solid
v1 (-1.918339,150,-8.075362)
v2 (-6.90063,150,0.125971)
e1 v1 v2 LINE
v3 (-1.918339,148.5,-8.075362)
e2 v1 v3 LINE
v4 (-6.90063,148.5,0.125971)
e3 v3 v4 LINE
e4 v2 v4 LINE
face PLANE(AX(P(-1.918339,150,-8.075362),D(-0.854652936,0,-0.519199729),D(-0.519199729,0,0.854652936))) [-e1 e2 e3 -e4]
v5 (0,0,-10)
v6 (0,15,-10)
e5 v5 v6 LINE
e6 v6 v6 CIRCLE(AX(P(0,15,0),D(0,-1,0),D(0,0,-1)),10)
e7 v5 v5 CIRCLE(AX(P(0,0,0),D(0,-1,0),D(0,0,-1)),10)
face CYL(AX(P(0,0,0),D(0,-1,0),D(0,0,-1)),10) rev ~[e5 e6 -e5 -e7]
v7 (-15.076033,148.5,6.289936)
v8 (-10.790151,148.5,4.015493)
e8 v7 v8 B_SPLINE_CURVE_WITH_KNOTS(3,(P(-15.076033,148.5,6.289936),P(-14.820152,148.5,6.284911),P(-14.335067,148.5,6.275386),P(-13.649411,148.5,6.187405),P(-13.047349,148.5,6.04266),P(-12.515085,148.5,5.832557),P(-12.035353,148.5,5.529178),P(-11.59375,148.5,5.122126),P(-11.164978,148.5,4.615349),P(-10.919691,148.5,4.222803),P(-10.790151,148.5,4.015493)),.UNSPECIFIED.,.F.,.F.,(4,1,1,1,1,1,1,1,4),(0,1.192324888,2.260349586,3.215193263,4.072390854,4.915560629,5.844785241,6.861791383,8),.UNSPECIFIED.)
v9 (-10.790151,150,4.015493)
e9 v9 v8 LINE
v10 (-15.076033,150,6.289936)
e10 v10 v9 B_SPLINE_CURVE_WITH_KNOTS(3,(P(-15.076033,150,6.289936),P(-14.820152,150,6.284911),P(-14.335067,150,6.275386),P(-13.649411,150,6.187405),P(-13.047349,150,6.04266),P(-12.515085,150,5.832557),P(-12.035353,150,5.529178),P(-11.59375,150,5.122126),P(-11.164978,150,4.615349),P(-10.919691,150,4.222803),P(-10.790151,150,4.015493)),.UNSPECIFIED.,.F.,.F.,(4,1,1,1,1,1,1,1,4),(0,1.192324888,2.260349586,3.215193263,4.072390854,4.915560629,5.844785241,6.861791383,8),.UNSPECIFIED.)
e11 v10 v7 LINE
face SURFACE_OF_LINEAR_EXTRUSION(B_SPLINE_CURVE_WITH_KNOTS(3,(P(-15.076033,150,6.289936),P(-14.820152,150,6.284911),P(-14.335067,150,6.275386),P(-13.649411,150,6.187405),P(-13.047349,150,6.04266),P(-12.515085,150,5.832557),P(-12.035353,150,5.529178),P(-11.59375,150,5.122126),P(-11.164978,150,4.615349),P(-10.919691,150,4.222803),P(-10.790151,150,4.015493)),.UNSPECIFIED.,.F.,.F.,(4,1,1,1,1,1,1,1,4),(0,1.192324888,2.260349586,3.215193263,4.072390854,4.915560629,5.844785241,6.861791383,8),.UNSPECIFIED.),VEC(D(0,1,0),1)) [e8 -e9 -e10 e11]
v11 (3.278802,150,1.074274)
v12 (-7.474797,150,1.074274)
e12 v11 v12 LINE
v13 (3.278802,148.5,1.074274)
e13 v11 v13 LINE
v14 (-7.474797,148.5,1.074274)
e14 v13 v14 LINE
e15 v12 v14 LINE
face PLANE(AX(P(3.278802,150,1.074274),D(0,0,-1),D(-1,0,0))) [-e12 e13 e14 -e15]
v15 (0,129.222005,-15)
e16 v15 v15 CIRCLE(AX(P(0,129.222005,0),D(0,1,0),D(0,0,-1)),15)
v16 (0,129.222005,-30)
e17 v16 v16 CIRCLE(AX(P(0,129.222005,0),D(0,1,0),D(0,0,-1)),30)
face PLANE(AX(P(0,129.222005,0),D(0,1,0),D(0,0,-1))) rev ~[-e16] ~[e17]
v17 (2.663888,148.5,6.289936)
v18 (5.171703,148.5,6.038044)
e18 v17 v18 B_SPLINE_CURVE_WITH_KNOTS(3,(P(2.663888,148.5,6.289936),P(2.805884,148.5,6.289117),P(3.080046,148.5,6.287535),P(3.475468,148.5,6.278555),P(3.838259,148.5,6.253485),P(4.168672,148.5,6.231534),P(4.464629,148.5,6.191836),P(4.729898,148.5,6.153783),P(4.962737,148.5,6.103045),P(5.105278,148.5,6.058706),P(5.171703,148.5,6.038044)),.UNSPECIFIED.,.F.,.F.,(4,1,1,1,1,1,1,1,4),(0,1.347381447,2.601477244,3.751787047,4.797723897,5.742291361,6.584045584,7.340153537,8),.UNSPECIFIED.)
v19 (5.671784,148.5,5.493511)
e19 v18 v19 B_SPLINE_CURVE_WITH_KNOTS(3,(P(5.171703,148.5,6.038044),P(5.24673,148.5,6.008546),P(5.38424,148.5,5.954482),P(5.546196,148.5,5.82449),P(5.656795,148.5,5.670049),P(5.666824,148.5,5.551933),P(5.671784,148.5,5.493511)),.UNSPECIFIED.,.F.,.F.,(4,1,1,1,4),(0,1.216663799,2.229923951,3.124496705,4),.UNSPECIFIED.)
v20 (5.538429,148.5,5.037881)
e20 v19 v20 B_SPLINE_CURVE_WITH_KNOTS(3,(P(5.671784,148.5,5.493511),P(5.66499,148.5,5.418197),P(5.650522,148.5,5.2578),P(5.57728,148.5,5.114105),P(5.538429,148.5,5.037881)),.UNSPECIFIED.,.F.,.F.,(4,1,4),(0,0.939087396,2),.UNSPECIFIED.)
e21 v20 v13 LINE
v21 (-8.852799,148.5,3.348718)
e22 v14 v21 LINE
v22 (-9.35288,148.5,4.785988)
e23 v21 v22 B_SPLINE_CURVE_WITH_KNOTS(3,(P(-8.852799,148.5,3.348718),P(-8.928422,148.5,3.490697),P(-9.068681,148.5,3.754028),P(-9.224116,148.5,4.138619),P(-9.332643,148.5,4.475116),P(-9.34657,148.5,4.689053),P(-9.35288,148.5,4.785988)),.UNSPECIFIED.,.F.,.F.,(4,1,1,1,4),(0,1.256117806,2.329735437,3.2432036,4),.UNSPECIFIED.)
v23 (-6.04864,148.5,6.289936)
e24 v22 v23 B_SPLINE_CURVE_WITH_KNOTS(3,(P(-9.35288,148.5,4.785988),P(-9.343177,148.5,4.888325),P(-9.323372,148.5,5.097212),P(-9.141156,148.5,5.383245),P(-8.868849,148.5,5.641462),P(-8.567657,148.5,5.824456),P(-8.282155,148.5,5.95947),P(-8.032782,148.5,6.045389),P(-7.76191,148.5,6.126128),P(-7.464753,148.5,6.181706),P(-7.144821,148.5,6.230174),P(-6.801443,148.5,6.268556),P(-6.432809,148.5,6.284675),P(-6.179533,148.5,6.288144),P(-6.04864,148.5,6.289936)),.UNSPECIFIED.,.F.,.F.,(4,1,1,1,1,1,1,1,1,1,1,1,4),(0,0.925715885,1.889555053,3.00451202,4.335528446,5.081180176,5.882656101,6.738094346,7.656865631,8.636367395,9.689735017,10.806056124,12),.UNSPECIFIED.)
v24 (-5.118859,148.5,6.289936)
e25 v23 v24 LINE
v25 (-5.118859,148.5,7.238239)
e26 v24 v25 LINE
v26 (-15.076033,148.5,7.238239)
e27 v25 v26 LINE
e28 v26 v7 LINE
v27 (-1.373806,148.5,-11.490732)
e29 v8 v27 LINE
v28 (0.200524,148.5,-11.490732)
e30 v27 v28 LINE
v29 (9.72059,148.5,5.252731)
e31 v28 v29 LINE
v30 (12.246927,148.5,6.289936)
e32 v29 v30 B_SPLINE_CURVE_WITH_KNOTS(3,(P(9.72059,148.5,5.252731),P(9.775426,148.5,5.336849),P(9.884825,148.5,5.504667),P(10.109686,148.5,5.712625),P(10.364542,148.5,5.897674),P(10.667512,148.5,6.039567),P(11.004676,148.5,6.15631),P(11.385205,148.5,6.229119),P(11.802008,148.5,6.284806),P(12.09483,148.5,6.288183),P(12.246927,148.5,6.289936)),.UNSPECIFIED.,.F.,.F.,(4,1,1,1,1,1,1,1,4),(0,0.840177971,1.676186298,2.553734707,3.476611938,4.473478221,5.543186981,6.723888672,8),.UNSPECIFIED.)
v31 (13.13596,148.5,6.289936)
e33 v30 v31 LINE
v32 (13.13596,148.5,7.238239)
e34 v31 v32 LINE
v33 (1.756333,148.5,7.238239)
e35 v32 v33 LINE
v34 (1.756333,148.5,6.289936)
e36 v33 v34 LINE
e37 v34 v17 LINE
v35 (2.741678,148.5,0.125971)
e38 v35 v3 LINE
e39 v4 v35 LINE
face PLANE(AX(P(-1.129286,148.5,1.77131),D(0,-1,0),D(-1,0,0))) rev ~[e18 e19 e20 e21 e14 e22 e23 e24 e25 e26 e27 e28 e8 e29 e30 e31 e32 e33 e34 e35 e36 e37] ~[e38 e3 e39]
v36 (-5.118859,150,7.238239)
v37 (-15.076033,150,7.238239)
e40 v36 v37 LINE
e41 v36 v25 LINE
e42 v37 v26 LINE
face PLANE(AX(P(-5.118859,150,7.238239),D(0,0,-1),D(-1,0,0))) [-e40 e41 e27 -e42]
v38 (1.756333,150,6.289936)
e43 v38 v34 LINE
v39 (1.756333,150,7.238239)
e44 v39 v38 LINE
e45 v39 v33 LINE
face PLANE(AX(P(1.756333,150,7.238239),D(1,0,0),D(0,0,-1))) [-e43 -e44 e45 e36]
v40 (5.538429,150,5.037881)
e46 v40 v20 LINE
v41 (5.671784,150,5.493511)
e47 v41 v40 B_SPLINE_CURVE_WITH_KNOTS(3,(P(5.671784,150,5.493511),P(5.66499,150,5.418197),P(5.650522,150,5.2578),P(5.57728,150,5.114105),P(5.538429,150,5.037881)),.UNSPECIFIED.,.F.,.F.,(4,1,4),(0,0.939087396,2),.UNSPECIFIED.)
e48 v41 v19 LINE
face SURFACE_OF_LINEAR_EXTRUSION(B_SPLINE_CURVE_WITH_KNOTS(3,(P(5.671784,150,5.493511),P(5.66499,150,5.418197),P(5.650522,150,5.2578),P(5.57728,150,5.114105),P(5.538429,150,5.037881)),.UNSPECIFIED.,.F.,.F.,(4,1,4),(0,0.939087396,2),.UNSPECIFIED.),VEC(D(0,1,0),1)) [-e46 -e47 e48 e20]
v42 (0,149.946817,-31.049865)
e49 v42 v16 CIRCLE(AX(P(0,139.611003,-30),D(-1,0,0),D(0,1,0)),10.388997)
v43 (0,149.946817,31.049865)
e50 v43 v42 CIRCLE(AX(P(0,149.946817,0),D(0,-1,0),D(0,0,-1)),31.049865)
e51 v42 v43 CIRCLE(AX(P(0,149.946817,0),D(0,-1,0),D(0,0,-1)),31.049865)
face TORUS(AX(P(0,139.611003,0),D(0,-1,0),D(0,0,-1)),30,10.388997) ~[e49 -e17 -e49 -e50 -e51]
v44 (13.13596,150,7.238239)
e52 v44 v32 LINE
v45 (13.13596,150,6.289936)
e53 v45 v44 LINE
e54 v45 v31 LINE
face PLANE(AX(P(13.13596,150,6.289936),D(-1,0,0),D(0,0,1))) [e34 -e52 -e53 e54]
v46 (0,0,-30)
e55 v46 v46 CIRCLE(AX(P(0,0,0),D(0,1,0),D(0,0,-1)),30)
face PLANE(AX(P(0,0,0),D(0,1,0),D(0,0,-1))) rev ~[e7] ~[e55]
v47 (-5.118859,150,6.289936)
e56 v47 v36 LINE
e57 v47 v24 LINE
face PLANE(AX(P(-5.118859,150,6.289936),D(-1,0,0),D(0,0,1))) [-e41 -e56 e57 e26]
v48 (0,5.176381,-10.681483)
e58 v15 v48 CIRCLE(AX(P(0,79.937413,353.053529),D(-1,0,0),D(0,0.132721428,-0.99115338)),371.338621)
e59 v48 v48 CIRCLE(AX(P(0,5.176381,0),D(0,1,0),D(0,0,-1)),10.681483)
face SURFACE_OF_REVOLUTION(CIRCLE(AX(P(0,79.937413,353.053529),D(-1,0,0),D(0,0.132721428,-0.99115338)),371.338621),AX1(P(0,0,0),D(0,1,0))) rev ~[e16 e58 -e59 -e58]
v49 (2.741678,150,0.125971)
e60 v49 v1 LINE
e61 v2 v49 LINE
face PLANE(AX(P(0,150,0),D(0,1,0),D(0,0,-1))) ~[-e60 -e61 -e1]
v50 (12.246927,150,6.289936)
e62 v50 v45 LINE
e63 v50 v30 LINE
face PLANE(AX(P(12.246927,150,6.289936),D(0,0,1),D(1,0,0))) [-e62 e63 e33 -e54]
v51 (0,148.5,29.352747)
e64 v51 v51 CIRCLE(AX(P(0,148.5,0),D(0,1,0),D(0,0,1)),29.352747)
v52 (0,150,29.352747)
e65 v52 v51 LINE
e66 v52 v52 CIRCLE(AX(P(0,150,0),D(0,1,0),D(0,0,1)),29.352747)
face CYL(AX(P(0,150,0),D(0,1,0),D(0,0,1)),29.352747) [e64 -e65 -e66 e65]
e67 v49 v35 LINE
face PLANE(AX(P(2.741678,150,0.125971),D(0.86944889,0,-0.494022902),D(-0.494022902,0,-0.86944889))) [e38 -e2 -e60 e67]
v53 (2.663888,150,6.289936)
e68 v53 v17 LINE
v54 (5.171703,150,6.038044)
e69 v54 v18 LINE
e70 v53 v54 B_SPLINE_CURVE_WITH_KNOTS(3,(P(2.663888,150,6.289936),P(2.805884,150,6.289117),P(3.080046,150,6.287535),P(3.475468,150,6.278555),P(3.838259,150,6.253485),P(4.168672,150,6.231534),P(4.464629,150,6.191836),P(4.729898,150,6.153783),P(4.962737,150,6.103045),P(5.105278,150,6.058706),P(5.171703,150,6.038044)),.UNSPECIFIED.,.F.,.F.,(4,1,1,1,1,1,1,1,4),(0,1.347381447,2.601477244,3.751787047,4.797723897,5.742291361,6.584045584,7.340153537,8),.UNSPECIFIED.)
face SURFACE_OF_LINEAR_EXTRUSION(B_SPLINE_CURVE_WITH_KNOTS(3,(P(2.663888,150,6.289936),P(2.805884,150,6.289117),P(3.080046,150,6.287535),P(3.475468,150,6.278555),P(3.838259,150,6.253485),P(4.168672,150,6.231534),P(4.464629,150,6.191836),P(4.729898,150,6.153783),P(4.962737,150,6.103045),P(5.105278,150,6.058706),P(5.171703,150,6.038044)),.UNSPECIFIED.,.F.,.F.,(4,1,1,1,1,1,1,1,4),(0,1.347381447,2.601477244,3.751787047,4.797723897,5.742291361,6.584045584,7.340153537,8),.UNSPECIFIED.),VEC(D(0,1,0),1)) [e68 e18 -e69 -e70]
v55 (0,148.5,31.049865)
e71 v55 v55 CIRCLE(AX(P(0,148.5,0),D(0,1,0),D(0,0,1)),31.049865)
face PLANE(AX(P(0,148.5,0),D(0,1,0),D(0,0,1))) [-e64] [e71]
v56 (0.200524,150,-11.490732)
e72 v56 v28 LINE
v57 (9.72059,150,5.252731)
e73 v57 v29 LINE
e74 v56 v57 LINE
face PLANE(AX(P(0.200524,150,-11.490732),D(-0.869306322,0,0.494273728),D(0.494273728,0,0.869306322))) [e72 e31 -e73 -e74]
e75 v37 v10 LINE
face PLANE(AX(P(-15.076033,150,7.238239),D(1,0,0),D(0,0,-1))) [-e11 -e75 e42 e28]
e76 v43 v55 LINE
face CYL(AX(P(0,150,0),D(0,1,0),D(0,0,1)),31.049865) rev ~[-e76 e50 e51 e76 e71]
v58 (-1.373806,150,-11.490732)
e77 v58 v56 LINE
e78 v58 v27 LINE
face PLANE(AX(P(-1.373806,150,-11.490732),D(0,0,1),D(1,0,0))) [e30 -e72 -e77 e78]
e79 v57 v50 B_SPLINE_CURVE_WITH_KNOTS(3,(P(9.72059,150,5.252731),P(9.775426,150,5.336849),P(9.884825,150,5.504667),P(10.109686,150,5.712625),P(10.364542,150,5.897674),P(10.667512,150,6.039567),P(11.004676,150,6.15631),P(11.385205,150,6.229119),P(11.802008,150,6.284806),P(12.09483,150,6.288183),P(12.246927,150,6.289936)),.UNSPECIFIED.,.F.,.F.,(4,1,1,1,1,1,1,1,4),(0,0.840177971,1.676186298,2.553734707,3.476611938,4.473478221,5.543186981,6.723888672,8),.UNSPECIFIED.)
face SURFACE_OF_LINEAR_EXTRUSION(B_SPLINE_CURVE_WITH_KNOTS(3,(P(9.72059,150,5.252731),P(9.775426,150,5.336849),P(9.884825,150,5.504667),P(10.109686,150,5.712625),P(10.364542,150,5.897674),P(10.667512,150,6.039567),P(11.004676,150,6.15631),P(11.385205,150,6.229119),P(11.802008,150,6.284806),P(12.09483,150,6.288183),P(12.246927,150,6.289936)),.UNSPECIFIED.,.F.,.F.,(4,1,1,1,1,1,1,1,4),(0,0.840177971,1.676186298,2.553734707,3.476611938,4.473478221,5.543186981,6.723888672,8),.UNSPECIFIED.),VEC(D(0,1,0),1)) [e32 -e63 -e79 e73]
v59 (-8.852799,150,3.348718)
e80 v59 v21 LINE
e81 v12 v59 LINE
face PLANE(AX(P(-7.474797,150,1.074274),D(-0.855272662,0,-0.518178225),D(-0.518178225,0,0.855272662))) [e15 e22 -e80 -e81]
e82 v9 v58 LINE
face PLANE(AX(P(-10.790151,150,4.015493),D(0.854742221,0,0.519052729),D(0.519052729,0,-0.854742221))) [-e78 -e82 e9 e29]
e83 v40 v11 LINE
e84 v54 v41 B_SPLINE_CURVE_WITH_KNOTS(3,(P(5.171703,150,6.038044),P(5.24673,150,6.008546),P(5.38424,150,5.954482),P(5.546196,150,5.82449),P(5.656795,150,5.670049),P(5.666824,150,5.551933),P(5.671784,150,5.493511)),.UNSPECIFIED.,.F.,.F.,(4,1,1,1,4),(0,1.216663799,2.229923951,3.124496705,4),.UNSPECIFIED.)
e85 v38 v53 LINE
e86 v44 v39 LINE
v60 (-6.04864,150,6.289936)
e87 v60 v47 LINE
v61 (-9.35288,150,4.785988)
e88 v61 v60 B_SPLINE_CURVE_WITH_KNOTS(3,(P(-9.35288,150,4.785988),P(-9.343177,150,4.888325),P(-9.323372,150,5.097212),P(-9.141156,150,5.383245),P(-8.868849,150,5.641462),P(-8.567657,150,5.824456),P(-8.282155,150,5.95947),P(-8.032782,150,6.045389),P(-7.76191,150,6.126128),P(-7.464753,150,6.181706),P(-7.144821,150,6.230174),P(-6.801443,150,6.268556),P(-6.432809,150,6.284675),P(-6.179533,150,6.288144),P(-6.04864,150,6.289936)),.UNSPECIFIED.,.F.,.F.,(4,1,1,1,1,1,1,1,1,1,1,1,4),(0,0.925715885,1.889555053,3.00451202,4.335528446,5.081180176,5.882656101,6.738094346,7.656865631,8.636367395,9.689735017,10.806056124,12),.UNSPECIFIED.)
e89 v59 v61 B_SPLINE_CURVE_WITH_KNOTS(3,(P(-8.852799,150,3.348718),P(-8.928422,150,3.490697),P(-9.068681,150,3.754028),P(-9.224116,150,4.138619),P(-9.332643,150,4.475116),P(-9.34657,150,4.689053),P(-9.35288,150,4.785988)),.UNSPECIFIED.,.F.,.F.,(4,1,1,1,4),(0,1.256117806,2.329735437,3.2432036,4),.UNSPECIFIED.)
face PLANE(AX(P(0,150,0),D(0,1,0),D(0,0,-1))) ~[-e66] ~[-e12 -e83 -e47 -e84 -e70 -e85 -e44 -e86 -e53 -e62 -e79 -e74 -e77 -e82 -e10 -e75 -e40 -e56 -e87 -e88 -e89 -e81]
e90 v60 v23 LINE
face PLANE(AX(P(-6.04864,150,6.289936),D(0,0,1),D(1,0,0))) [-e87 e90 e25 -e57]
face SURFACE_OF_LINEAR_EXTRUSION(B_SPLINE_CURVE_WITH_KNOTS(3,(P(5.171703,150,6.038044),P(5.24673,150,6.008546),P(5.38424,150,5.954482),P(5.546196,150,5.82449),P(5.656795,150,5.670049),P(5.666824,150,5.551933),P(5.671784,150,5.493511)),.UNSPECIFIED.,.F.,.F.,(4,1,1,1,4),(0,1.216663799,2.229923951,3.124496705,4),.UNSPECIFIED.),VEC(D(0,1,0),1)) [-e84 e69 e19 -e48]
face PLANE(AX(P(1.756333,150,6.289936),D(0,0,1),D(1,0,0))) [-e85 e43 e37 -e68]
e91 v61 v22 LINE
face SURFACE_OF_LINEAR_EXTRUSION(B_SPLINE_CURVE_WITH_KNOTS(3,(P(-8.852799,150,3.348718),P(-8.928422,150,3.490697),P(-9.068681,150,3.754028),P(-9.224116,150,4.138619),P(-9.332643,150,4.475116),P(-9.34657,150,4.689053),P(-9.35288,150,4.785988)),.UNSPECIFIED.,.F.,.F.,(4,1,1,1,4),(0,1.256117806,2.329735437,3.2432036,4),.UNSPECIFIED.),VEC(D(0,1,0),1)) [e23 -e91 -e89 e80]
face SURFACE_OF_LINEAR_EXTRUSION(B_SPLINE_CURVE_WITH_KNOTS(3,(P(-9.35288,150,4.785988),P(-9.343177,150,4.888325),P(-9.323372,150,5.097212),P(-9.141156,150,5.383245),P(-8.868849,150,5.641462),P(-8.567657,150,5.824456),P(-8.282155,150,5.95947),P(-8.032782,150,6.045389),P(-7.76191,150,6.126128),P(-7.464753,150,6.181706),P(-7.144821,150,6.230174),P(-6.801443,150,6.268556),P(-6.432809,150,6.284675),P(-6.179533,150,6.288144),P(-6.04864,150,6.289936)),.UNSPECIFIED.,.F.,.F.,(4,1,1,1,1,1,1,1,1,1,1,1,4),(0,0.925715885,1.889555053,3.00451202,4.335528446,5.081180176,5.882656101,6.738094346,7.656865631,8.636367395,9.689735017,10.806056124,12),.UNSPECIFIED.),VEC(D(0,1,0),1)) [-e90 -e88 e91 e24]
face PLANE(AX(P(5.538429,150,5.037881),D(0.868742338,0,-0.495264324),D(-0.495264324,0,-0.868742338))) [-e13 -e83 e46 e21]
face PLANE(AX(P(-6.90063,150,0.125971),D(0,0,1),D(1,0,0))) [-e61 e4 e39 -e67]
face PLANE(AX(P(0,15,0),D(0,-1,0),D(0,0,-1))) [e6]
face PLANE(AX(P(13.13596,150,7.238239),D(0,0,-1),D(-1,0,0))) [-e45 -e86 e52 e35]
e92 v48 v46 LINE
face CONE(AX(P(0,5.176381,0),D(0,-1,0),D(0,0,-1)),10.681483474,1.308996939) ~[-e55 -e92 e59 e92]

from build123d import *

# Parameters (mm, degrees)
SKETCH2_R          = 31.049864635
SKETCH2_R_2        = 29.352746911
CUT_EXTRUDE1_DEPTH = 1.5
CUT_EXTRUDE2_DEPTH = 1.5
SKETCH4_R          = 10
CUT_EXTRUDE3_DEPTH = 15


with BuildPart() as part:
    # Sketch1 → Revolve1 (revolve)
    with BuildSketch(Plane.XY, mode=Mode.PRIVATE) as revolve1_sk:
        with BuildLine():
            Line((0, 0), (0, 150))
            Line((0, 150), (30, 150))
            ThreePointArc((30, 150), (40.388997365, 139.611002635), (30, 129.22200527))
            Line((30, 129.22200527), (15, 129.22200527))
            ThreePointArc((15, 129.22200527), (18.060262967, 67.017481004), (10.681483474, 5.176380902))
            Line((10.681483474, 5.176380902), (30, 0))
            Line((30, 0), (0, 0))
        make_face()
    revolve(revolve1_sk.sketch.rotate(Axis((0, 0, 0), (0, 1, 0)), 90), axis=Axis((0, 0, 0), (0, 1, 0)))

    # Sketch2 → Cut-Extrude1 (cut)
    with BuildSketch(Plane(origin=(0, 150, 0), x_dir=(1, 0, 0), z_dir=(0, 1, 0))):
        with Locations(Location((0, 0, 0), (0, 0, 270))):
            Circle(SKETCH2_R)
        with Locations(Location((0, 0, 0), (0, 0, 270))):
            Circle(SKETCH2_R_2, mode=Mode.SUBTRACT)
    extrude(amount=-CUT_EXTRUDE1_DEPTH, mode=Mode.SUBTRACT)

    # Sketch3 → Cut-Extrude2 (cut)
    with BuildSketch(Plane(origin=(0, 150, 0), x_dir=(1, 0, 0), z_dir=(0, 1, 0))):
        with BuildLine():
            Line((-1.37380559, 11.490731507), (0.200524373, 11.490731507))
            Line((0.200524373, 11.490731507), (9.720590268, -5.252730688))
            add(Edge.make_bspline(
                [(9.720590268, -5.252730688), (9.775425809, -5.336848559), (9.884824755, -5.504666839), (10.109686394, -5.712624674), (10.364541879, -5.897673839), (10.667511649, -6.039567124), (11.004675554, -6.156309685), (11.38520549, -6.229119021), (11.802008113, -6.284806014), (12.094830032, -6.288182504), (12.24692682, -6.289936311)],
                knots=[0, 0, 0, 0, 0.840177971, 1.676186298, 2.553734707, 3.476611938, 4.473478221, 5.543186981, 6.723888672, 8, 8, 8, 8], degree=3))
            Line((12.24692682, -6.289936311), (13.135960211, -6.289936311))
            Line((13.135960211, -6.289936311), (13.135960211, -7.238238595))
            Line((13.135960211, -7.238238595), (1.756332807, -7.238238595))
            Line((1.756332807, -7.238238595), (1.756332807, -6.289936311))
            Line((1.756332807, -6.289936311), (2.663887727, -6.289936311))
            add(Edge.make_bspline(
                [(2.663887727, -6.289936311), (2.80588403, -6.289116844), (3.080045555, -6.287534645), (3.475468257, -6.278554582), (3.838258818, -6.253484746), (4.168672223, -6.231533819), (4.464628818, -6.191836085), (4.72989755, -6.153782934), (4.962737436, -6.103045308), (5.105277775, -6.058706001), (5.171702751, -6.038043517)],
                knots=[0, 0, 0, 0, 1.347381447, 2.601477244, 3.751787047, 4.797723897, 5.742291361, 6.584045584, 7.340153537, 8, 8, 8, 8], degree=3))
            add(Edge.make_bspline(
                [(5.171702751, -6.038043517), (5.246729637, -6.008546001), (5.384240305, -5.954482408), (5.546196056, -5.82449007), (5.656795371, -5.670049367), (5.666823825, -5.551932666), (5.671784033, -5.493510565)],
                knots=[0, 0, 0, 0, 1.216663799, 2.229923951, 3.124496705, 4, 4, 4, 4], degree=3))
            add(Edge.make_bspline(
                [(5.671784033, -5.493510565), (5.664990337, -5.418196965), (5.650521617, -5.25779954), (5.577280328, -5.114104756), (5.538429024, -5.037880952)],
                knots=[0, 0, 0, 0, 0.939087396, 2, 2, 2, 2], degree=3))
            Line((5.538429024, -5.037880952), (3.278802489, -1.074273751))
            Line((3.278802489, -1.074273751), (-7.474797235, -1.074273751))
            Line((-7.474797235, -1.074273751), (-8.852798991, -3.34871751))
            add(Edge.make_bspline(
                [(-8.852798991, -3.34871751), (-8.928421945, -3.490696961), (-9.068680664, -3.754027804), (-9.224116161, -4.138619247), (-9.332642883, -4.475115772), (-9.346569932, -4.68905318), (-9.352880274, -4.785988158)],
                knots=[0, 0, 0, 0, 1.256117806, 2.329735437, 3.2432036, 4, 4, 4, 4], degree=3))
            add(Edge.make_bspline(
                [(-9.352880274, -4.785988158), (-9.343177226, -4.888324501), (-9.323371536, -5.097211653), (-9.141155652, -5.38324454), (-8.868849037, -5.641461835), (-8.567657199, -5.824455709), (-8.282154901, -5.959469659), (-8.032782233, -6.045389303), (-7.761909609, -6.126127912), (-7.464752755, -6.181705917), (-7.144821029, -6.230173712), (-6.801442809, -6.26855562), (-6.43280877, -6.284674672), (-6.179532542, -6.288143581), (-6.048639504, -6.289936311)],
                knots=[0, 0, 0, 0, 0.925715885, 1.889555053, 3.00451202, 4.335528446, 5.081180176, 5.882656101, 6.738094346, 7.656865631, 8.636367395, 9.689735017, 10.806056124, 12, 12, 12, 12], degree=3))
            Line((-6.048639504, -6.289936311), (-5.118858749, -6.289936311))
            Line((-5.118858749, -6.289936311), (-5.118858749, -7.238238595))
            Line((-5.118858749, -7.238238595), (-15.076032728, -7.238238595))
            Line((-15.076032728, -7.238238595), (-15.076032728, -6.289936311))
            add(Edge.make_bspline(
                [(-15.076032728, -6.289936311), (-14.820152301, -6.284911472), (-14.335067052, -6.275385635), (-13.649411461, -6.18740497), (-13.047349106, -6.042660349), (-12.51508477, -5.832556662), (-12.035352921, -5.529178123), (-11.593750012, -5.122125622), (-11.164977743, -4.615349339), (-10.919691242, -4.222803331), (-10.790150922, -4.015492553)],
                knots=[0, 0, 0, 0, 1.192324888, 2.260349586, 3.215193263, 4.072390854, 4.915560629, 5.844785241, 6.861791383, 8, 8, 8, 8], degree=3))
            Line((-10.790150922, -4.015492553), (-1.37380559, 11.490731507))
        make_face()
        Polygon((-1.918338542, 8.075361564), (-6.900629837, -0.125971467), (2.741678149, -0.125971467), align=None, mode=Mode.SUBTRACT)
    extrude(amount=-CUT_EXTRUDE2_DEPTH, mode=Mode.SUBTRACT)

    # Sketch4 → Cut-Extrude3 (cut)
    with BuildSketch(Plane(origin=(0, 0, 0), x_dir=(-1, 0, 0), z_dir=(0, -1, 0))):
        with Locations(Location((0, 0, 0), (0, 0, 90))):
            Circle(SKETCH4_R)
    extrude(amount=-CUT_EXTRUDE3_DEPTH, mode=Mode.SUBTRACT)


solid = part.part
